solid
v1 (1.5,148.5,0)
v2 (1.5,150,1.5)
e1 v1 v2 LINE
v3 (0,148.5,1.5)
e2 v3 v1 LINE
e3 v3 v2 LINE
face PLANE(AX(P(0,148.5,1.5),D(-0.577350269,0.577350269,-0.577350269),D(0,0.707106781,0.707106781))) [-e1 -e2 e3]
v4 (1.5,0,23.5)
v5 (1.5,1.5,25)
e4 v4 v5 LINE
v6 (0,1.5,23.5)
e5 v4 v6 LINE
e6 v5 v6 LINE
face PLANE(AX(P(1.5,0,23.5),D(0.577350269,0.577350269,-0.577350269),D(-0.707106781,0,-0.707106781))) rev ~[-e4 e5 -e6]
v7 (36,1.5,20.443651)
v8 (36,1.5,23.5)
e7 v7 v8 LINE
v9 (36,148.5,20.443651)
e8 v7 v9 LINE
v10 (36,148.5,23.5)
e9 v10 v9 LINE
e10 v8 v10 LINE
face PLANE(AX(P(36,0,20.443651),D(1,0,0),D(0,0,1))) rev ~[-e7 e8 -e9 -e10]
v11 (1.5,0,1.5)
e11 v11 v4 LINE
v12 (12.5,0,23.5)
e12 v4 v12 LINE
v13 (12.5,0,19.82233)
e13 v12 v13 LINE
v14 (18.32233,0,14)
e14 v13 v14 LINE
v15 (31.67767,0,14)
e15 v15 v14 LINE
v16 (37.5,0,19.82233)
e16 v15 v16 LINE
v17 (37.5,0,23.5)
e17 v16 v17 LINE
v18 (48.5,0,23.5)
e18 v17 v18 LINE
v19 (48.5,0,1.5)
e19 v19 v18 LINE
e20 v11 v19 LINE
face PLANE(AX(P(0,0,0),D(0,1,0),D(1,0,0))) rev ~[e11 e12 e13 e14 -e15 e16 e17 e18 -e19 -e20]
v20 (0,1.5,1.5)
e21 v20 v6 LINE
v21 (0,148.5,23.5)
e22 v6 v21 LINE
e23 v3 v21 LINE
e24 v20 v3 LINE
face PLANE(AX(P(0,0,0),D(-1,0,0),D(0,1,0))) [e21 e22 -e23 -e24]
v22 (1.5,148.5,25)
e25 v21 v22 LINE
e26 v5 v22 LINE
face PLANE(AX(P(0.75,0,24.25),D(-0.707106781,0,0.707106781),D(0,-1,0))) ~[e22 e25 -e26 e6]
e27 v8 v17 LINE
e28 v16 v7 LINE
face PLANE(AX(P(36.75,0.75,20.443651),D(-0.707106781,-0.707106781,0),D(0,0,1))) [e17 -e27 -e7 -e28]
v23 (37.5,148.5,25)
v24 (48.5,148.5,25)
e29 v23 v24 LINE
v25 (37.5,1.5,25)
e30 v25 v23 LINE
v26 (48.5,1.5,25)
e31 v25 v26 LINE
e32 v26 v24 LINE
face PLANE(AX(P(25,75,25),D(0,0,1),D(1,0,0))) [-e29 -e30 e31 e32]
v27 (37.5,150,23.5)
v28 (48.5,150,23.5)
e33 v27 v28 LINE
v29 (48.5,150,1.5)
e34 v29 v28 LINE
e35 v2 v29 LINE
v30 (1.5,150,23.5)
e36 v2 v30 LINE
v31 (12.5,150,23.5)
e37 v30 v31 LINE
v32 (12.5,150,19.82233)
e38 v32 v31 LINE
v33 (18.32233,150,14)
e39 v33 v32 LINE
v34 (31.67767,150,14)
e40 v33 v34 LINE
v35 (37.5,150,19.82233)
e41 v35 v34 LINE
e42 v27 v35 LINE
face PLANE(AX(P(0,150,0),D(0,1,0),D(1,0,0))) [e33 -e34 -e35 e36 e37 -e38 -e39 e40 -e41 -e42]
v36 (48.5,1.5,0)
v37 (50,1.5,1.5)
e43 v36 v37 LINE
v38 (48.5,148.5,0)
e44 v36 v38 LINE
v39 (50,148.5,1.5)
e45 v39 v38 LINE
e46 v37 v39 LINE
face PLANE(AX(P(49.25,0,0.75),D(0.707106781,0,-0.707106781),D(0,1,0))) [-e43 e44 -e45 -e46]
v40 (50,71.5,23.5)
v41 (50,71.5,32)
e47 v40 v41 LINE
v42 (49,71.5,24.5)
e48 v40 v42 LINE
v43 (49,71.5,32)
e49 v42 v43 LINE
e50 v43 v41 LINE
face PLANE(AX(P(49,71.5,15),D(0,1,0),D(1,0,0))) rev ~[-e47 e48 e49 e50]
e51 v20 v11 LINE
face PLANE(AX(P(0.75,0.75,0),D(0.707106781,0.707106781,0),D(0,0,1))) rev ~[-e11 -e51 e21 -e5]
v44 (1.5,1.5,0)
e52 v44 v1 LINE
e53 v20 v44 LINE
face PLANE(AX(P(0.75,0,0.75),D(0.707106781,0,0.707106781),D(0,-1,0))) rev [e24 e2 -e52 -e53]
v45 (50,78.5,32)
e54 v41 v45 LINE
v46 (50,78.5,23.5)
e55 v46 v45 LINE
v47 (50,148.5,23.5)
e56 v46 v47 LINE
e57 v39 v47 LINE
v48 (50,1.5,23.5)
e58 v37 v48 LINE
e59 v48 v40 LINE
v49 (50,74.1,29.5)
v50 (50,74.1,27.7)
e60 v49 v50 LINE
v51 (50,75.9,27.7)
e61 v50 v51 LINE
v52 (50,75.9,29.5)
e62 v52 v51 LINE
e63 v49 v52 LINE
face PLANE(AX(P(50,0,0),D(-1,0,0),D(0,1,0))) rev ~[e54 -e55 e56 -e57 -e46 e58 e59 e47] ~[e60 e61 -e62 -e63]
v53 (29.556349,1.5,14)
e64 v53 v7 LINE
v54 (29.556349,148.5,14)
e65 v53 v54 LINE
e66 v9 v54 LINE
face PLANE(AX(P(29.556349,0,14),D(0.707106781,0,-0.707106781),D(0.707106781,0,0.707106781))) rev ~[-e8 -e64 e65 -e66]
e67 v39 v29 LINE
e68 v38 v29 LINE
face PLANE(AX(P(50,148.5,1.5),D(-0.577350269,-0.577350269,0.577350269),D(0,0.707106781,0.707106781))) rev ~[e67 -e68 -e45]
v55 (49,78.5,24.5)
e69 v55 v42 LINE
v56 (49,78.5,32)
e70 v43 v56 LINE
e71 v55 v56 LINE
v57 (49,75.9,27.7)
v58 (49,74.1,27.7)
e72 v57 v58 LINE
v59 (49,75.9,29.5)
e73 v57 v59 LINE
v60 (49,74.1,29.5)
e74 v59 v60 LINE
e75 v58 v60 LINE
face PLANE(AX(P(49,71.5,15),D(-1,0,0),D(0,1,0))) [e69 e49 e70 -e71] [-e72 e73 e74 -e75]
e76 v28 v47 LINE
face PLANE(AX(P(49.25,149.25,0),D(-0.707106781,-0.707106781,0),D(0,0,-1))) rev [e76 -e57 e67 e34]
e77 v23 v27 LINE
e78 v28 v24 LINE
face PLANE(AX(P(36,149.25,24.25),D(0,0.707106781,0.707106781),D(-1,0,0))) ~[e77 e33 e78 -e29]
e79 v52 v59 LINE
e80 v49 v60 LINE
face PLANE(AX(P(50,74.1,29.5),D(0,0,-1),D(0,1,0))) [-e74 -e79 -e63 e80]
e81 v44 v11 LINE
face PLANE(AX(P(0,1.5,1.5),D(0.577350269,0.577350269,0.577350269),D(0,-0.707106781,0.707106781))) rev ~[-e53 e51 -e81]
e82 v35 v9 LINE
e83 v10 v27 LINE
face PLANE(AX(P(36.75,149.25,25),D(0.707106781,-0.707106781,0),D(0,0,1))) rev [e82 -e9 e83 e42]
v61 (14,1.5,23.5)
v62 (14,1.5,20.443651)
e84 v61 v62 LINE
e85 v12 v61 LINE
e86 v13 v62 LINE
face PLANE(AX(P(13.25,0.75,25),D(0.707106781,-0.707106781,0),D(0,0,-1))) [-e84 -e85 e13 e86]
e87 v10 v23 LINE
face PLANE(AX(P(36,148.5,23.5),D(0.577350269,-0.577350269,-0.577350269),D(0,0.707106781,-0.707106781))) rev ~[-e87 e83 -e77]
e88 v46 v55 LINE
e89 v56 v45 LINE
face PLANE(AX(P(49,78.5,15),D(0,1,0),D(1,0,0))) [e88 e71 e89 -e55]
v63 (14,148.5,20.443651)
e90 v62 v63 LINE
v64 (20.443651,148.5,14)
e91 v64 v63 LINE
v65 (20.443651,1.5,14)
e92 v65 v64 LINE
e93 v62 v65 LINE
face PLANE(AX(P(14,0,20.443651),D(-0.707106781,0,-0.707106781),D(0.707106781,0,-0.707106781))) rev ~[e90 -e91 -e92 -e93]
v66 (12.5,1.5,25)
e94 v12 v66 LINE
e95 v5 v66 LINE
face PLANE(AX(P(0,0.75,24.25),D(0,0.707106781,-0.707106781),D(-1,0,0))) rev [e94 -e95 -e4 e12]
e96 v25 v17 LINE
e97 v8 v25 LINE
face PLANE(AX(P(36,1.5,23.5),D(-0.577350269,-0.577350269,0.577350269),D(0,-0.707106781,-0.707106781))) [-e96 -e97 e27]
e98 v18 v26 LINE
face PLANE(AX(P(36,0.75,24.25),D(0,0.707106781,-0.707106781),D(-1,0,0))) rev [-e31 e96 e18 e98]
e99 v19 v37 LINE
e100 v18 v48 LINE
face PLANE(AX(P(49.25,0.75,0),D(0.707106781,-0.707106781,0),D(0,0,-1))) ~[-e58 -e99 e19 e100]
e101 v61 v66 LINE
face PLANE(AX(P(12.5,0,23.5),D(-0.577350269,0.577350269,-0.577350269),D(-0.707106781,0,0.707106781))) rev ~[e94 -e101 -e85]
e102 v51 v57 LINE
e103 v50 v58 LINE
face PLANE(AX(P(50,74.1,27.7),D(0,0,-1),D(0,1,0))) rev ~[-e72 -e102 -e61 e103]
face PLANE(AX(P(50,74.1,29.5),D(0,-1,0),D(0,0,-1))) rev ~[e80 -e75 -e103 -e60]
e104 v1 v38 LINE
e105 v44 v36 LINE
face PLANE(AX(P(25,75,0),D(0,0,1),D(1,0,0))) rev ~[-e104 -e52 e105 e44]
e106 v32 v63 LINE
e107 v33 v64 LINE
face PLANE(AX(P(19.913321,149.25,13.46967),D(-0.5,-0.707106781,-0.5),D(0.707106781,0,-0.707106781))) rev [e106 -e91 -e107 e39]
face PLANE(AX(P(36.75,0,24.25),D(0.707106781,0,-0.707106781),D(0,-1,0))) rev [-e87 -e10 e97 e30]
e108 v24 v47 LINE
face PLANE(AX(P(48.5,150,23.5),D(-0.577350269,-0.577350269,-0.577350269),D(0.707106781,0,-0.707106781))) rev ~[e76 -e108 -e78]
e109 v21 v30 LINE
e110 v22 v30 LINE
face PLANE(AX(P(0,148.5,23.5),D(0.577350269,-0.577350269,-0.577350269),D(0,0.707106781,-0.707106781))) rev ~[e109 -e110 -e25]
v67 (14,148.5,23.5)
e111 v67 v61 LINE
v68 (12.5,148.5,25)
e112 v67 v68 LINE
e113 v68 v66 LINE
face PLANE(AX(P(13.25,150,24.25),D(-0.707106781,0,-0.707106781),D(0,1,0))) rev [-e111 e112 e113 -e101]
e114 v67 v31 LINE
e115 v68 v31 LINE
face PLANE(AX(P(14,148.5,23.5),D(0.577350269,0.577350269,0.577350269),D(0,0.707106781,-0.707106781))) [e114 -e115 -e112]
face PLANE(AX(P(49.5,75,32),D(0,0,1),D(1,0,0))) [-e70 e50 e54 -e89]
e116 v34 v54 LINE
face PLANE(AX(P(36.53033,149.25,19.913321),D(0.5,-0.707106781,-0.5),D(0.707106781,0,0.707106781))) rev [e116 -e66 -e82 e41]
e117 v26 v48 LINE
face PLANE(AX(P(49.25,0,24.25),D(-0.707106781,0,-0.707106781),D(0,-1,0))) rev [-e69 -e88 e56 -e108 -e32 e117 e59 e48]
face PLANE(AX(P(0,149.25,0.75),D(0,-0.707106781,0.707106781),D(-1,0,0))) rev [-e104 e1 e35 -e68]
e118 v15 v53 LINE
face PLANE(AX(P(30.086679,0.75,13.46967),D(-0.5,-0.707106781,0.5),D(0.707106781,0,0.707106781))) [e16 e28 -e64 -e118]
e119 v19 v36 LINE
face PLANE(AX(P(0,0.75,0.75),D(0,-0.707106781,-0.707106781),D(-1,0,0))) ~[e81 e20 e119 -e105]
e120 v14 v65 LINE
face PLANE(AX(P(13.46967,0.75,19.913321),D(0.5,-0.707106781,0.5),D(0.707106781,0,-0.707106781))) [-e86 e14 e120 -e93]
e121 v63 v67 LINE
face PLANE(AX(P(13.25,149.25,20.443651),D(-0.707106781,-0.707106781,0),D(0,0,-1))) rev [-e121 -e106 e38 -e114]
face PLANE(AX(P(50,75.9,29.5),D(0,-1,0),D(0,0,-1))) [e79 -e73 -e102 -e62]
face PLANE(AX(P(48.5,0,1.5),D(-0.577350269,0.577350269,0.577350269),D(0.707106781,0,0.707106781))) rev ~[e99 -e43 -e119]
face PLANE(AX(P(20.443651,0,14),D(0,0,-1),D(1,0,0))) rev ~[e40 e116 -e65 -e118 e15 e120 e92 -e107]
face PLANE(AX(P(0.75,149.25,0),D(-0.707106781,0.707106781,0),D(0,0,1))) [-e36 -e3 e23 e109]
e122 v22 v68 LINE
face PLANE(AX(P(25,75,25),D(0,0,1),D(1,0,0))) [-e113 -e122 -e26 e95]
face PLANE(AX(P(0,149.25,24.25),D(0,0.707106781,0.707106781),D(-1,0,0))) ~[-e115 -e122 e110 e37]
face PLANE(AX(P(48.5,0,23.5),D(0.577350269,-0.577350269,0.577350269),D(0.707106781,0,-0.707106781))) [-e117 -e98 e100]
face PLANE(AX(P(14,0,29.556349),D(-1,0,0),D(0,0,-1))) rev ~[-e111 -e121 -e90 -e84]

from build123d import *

# Parameters (mm, degrees)
SKETCH1_W                = 50
SKETCH1_H                = 150
BOSS_EXTRUDE1_DEPTH      = 25
CUT_EXTRUDE1_DEPTH       = 161.078105936
CHAMFER1_SIZE            = 1.5
BOSS_EXTRUDE2_DEPTH      = 7
BOSS_EXTRUDE2_DEPTH_BACK = 10
SKETCH3_W                = 1
SKETCH3_H                = 7
SKETCH4_W                = 1.8
SKETCH4_H                = 1.8
CUT_EXTRUDE2_DEPTH       = 7


with BuildPart() as part:
    # Sketch1 → Boss-Extrude1 (new body)
    with BuildSketch(Plane.XY):
        with Locations((25, 75)):
            Rectangle(SKETCH1_W, SKETCH1_H)
    extrude(amount=BOSS_EXTRUDE1_DEPTH)

    # Sketch2 → Cut-Extrude1 (cut, through all)
    with BuildSketch(Plane.XZ):
        Polygon((29.556349186, 36), (20.443650814, 36), (14, 29.556349186), (14, 20.443650814), (20.443650814, 14), (29.556349186, 14), (36, 20.443650814), (36, 29.556349186), align=None)
    extrude(amount=-CUT_EXTRUDE1_DEPTH, mode=Mode.SUBTRACT)

    # Chamfer1
    chamfer1_edges = [part.edges().sort_by_distance(p)[0] for p in [
        (50, 75, 25),
        (43, 150, 25),
        (43, 0, 25),
        (7, 150, 25),
        (14, 75, 25),
        (36, 75, 25),
        (36, 150, 22.721825407),
        (14, 150, 22.721825407),
        (36, 0, 22.721825407),
        (14, 0, 22.721825407),
        (17.221825407, 0, 17.221825407),
        (32.778174593, 0, 17.221825407),
        (32.778174593, 150, 17.221825407),
        (17.221825407, 150, 17.221825407),
        (0, 75, 25),
        (25, 150, 0),
        (50, 75, 0),
        (25, 0, 0),
        (0, 75, 0),
        (7, 0, 25),
        (0, 150, 12.5),
        (50, 150, 12.5),
        (50, 0, 12.5),
        (0, 0, 12.5),
    ]]
    chamfer(chamfer1_edges, length=CHAMFER1_SIZE)

    # Sketch3 → Boss-Extrude2 (add, two sides: drawn at the far end of the back side and taken through both)
    with BuildSketch(Plane.XY.offset(25).offset(-BOSS_EXTRUDE2_DEPTH_BACK)):
        with Locations((49.5, 75)):
            Rectangle(SKETCH3_W, SKETCH3_H)
    extrude(amount=BOSS_EXTRUDE2_DEPTH + BOSS_EXTRUDE2_DEPTH_BACK)

    # Sketch4 → Cut-Extrude2 (cut)
    with BuildSketch(Plane(origin=(50, 0, 0), x_dir=(0, 0, -1), z_dir=(1, 0, 0))):
        with Locations((-28.6, 75)):
            Rectangle(SKETCH4_W, SKETCH4_H)
    extrude(amount=-CUT_EXTRUDE2_DEPTH, mode=Mode.SUBTRACT)


solid = part.part
